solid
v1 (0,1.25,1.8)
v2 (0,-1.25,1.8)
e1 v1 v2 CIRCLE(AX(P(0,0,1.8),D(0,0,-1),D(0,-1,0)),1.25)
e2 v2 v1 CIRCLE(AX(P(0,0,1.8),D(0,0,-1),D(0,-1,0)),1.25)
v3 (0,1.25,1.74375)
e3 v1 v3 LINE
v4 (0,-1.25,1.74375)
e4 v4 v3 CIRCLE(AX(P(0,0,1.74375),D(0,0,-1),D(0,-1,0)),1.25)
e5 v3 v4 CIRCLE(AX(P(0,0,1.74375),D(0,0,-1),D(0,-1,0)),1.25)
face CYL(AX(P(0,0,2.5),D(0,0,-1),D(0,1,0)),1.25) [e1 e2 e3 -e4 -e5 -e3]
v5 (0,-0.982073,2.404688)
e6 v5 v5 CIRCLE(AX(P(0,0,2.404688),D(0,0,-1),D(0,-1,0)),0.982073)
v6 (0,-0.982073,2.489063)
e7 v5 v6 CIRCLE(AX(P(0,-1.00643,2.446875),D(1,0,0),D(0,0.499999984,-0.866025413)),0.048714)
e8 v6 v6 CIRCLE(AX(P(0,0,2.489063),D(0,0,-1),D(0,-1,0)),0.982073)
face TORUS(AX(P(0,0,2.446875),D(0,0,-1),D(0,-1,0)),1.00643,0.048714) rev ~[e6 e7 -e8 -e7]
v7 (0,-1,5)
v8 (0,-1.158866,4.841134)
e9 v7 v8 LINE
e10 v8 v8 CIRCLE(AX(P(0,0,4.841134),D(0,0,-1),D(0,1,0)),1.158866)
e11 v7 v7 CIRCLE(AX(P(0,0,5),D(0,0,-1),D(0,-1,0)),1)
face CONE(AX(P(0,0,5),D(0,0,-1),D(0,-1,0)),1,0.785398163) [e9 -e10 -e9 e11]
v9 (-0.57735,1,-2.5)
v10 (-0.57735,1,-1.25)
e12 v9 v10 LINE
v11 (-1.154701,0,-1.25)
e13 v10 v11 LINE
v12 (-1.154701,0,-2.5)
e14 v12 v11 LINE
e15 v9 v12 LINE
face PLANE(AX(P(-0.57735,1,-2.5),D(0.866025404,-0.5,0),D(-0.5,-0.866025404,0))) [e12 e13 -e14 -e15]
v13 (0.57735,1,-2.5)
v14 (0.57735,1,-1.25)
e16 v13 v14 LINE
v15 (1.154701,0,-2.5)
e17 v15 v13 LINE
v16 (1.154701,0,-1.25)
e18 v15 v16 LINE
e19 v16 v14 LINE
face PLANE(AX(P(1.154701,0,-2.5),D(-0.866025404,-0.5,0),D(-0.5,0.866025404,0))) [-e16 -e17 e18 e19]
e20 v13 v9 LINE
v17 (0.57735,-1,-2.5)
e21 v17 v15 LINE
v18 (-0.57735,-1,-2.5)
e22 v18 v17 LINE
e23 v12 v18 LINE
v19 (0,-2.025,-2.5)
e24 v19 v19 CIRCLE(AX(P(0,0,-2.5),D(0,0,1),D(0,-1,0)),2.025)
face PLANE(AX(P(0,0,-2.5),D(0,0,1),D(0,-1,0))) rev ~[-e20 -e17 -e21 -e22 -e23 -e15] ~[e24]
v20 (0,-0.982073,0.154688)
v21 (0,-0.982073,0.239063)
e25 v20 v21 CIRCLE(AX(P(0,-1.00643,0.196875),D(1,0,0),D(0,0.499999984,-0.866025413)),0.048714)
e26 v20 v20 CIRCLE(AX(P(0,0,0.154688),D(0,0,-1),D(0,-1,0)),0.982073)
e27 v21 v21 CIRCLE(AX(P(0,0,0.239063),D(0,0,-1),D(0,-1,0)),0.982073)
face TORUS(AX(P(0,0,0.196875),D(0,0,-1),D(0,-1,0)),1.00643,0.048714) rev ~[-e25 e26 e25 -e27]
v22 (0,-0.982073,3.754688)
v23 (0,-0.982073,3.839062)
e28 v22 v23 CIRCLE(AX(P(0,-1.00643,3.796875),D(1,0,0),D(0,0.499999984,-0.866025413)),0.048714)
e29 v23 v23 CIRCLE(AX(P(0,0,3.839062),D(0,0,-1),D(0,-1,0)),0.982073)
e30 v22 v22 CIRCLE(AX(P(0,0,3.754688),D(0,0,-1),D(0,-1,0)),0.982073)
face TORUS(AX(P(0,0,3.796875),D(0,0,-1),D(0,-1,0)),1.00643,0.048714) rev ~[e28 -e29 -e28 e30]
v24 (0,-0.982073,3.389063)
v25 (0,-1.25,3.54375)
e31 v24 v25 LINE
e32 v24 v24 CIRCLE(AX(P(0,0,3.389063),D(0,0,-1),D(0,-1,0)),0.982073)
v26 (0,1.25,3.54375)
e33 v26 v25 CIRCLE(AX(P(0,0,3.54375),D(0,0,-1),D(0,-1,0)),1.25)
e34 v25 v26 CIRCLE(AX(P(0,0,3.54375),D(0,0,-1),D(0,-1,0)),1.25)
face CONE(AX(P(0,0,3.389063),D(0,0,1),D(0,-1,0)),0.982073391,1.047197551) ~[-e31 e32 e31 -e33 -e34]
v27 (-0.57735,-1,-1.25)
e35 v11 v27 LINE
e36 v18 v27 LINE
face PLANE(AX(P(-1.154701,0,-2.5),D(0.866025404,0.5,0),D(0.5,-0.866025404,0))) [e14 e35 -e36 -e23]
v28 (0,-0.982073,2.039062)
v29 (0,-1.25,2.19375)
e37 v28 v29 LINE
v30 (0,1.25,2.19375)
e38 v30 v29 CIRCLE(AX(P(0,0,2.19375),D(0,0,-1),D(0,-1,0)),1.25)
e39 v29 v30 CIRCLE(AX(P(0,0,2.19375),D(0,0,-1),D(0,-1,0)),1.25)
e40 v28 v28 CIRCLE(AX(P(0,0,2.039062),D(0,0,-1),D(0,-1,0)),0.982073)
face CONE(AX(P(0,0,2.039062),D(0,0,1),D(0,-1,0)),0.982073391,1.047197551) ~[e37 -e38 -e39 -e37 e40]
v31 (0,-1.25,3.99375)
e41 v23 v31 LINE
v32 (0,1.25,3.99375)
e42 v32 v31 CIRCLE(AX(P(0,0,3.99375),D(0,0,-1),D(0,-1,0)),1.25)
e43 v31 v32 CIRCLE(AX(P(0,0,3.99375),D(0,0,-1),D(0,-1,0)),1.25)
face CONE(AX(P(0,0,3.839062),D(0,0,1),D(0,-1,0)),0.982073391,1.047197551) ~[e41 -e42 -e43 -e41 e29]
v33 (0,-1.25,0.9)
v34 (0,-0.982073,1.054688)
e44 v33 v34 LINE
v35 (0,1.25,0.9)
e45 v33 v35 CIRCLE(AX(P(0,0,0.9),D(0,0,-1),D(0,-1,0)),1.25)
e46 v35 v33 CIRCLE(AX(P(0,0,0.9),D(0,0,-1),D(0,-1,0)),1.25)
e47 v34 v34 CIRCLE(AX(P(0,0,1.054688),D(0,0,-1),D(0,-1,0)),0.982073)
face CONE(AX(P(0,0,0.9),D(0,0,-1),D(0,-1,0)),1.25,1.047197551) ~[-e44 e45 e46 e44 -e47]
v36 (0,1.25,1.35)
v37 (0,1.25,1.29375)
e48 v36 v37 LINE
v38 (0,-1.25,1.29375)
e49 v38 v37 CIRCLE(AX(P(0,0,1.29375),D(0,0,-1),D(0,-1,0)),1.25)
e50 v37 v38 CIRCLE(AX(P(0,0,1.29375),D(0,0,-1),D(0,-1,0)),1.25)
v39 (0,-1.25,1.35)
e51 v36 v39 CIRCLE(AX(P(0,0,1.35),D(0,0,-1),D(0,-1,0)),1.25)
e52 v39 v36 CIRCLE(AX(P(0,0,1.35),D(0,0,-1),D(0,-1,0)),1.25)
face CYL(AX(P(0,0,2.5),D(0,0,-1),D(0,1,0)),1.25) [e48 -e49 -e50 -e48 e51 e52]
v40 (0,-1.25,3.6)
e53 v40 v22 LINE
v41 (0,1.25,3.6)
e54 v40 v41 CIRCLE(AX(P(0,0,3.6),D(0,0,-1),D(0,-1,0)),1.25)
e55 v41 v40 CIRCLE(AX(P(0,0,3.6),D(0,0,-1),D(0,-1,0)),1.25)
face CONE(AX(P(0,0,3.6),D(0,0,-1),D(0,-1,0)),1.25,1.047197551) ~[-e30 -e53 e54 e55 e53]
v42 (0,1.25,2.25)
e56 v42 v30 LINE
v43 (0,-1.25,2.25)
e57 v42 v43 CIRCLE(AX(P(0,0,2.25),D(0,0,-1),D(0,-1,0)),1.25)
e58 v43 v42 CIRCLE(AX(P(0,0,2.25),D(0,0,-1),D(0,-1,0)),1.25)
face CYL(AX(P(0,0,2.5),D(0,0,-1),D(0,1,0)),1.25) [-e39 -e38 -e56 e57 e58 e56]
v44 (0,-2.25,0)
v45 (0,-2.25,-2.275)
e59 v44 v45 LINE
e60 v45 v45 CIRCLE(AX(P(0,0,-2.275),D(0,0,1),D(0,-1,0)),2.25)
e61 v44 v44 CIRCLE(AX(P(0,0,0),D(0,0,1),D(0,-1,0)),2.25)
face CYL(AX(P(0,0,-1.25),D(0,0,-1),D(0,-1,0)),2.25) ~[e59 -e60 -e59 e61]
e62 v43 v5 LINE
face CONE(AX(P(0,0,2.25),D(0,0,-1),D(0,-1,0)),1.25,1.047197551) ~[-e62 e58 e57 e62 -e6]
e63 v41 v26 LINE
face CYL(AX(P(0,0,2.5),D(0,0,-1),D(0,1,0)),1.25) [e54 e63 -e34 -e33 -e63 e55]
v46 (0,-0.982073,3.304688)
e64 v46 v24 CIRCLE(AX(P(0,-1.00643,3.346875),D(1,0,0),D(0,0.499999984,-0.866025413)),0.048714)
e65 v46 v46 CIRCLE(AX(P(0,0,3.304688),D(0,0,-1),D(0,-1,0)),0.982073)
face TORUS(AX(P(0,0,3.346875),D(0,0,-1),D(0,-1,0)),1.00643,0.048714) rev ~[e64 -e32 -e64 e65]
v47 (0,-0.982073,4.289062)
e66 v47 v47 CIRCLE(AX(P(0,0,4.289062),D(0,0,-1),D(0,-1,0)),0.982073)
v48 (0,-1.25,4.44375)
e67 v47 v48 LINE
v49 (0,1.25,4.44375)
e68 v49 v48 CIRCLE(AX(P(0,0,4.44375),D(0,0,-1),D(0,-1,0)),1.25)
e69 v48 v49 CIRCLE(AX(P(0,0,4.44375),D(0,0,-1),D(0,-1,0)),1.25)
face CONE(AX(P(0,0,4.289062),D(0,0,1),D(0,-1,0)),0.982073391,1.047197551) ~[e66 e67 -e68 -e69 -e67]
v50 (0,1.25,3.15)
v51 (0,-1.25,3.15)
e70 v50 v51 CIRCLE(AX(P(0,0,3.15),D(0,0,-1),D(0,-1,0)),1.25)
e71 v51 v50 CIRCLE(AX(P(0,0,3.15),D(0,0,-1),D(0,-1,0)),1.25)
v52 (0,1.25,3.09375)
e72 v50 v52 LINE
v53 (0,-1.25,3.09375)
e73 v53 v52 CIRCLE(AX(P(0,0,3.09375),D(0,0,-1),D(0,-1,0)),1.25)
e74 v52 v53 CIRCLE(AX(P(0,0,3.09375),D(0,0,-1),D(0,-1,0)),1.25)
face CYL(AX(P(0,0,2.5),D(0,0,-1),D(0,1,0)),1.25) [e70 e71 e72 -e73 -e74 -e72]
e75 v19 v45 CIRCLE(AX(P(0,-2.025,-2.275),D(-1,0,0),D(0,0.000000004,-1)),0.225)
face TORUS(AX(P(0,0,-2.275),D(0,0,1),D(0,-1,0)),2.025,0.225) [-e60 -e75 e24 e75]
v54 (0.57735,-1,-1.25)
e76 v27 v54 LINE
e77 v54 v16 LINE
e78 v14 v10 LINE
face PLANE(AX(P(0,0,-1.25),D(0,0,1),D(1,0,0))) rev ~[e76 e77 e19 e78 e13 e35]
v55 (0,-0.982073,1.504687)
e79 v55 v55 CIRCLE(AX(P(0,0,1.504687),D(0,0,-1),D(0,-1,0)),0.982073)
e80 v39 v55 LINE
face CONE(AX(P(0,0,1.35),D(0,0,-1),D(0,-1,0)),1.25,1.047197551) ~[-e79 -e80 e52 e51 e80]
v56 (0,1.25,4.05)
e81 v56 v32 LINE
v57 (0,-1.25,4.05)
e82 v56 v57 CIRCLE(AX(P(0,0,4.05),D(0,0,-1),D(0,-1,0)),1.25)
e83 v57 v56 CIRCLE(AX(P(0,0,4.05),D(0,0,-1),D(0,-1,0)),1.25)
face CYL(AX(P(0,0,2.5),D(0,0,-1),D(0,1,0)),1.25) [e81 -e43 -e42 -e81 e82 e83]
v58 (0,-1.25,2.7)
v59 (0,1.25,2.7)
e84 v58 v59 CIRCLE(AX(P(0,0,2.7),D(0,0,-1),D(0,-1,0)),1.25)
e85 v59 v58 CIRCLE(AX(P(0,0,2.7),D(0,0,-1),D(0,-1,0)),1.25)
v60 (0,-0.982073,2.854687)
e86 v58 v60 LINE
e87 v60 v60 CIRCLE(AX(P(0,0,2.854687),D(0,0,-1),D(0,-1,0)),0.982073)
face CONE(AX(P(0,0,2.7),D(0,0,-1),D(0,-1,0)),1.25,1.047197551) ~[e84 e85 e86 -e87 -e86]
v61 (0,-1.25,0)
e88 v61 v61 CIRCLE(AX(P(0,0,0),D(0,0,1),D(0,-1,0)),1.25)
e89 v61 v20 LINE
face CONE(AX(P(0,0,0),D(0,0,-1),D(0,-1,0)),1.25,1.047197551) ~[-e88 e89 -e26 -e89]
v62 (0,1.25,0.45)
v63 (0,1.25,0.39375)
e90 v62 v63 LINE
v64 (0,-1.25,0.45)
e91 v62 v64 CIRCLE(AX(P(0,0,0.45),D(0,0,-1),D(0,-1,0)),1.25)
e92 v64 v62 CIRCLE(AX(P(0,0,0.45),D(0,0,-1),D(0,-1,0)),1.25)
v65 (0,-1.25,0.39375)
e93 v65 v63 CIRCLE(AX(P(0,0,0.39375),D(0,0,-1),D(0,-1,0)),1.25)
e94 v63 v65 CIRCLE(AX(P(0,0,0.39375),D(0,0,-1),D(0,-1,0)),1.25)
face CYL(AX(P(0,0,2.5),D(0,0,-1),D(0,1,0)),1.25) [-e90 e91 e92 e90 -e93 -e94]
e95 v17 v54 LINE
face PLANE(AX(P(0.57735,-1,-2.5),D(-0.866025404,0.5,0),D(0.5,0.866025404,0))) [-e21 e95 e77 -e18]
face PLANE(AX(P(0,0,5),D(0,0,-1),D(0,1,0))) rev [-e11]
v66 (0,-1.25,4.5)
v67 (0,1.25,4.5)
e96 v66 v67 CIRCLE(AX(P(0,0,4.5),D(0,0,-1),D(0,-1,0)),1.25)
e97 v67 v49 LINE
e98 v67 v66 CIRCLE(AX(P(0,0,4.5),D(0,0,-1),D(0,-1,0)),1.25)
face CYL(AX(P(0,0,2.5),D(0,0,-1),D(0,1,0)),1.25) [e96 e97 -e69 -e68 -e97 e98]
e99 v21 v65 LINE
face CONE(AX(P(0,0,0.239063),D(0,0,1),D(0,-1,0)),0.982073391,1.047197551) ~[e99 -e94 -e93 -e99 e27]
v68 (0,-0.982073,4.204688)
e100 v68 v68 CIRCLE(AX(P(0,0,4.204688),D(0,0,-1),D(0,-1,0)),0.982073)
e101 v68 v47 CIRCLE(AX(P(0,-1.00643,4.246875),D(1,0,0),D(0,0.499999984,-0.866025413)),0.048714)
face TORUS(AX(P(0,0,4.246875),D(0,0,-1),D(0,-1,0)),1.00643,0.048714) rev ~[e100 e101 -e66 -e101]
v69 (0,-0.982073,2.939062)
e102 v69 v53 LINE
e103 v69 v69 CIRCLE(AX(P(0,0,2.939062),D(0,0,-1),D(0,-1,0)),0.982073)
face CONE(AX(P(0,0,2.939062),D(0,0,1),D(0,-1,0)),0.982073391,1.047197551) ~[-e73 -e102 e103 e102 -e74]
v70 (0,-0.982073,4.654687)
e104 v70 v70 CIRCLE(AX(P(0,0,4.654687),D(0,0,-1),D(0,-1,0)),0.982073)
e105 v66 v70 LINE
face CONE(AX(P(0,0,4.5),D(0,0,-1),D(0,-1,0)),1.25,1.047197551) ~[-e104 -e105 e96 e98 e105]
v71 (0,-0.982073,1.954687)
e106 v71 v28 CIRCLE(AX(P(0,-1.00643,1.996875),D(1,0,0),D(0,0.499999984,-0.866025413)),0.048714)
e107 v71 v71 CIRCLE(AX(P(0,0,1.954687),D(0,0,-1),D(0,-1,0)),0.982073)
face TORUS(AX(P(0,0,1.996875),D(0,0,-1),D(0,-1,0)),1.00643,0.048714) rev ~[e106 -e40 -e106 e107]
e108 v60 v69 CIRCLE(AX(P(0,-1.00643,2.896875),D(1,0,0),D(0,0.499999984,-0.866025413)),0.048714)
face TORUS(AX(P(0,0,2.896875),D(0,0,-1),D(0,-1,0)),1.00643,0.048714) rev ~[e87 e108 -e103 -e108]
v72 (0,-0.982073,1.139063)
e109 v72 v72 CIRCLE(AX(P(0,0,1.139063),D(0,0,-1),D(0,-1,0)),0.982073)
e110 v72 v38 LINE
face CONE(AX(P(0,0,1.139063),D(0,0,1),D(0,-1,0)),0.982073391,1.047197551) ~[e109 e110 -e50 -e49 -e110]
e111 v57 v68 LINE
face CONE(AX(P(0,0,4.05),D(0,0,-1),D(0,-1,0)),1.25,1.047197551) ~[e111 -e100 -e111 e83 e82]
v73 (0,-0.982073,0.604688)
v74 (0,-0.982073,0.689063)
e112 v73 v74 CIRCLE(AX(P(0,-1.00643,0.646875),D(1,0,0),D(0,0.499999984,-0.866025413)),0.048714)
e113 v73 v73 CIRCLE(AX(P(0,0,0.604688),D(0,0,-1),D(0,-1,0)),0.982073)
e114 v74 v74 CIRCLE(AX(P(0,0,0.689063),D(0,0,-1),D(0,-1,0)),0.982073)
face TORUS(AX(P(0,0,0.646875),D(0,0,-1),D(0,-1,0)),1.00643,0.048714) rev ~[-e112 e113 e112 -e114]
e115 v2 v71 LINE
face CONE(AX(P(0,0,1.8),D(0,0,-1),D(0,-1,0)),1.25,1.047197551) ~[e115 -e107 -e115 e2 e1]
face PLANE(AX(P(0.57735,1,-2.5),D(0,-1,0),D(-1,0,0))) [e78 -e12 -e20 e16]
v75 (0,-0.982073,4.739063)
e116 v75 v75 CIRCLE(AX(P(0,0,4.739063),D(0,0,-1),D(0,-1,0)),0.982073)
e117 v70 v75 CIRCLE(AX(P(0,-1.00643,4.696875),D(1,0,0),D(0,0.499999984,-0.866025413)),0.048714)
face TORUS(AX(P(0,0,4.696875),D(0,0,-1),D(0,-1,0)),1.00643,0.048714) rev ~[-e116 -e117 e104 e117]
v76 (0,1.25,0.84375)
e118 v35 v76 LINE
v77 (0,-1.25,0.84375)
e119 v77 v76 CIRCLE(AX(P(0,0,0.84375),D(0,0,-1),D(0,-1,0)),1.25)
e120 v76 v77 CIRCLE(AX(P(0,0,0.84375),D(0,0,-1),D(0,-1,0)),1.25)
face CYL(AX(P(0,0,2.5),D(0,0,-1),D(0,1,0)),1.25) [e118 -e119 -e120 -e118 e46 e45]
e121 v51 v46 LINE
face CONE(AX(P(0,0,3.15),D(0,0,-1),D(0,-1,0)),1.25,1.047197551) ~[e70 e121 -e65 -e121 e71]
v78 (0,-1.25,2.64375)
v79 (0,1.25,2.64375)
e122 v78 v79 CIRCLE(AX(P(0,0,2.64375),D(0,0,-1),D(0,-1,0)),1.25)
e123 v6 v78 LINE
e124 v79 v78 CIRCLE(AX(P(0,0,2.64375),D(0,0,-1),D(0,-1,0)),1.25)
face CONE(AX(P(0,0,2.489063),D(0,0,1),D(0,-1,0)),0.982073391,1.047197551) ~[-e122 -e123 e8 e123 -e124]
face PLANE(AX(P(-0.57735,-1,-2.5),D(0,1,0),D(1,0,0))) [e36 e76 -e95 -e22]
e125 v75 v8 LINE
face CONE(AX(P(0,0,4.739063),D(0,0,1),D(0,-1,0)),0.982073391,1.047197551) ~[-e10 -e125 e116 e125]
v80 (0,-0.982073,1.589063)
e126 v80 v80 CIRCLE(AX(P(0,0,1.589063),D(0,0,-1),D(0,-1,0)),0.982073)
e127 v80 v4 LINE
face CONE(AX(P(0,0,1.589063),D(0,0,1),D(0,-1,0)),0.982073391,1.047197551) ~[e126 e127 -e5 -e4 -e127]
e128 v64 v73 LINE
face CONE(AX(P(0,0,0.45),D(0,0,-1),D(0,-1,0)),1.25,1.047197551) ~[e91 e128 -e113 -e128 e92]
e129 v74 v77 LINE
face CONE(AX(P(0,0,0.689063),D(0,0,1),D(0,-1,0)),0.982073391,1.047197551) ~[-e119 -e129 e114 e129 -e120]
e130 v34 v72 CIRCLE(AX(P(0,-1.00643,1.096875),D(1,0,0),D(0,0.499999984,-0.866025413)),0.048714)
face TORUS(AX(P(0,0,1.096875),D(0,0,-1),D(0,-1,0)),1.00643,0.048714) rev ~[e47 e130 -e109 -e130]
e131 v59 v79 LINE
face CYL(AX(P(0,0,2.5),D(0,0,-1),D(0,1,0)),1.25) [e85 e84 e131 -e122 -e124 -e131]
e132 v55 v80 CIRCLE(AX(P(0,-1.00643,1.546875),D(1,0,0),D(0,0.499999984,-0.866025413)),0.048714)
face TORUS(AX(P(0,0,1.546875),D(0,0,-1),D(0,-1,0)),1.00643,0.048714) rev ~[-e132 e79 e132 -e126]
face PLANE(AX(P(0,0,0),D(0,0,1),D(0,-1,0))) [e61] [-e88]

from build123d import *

# Parameters (mm, degrees)
SKETCH5_W           = 5
SKETCH5_H           = 1.25
THREAD_SIMPLE_COUNT = 12
THREAD_SIMPLE_PITCH = 0.45
SKETCH15_W          = 2.5
SKETCH15_H          = 2.25
CUT_HEAD_KEY_DEPTH  = 1.25


with BuildPart() as part:
    # Sketch5 → body (revolve)
    with BuildSketch(Plane(origin=(0, 0, 0), x_dir=(0, 0, -1), z_dir=(1, 0, 0))):
        with Locations((-2.5, 0.625)):
            Rectangle(SKETCH5_W, SKETCH5_H)
    revolve(axis=Axis((0, 0, 5), (0, 0, -1)))

    # Sketch11 → cut-chamfer-start (revolve, cut)
    with BuildSketch(Plane(origin=(0, 0, 0), x_dir=(0, 0, -1), z_dir=(1, 0, 0))):
        Polygon((-5, -1.25), (-5, -1), (-4.75, -1.25), align=None)
    revolve(axis=Axis((0, 0, 5), (0, 0, -1)), mode=Mode.SUBTRACT)

    # Sketch8 → thread-single (revolve, cut)
    with BuildSketch(Plane(origin=(0, 0, 0), x_dir=(0, 0, -1), z_dir=(1, 0, 0))):
        with BuildLine():
            Line((-0.39375, -1.25), (0, -1.25))
            Line((0, -1.25), (-0.1546875, -0.982073391))
            ThreePointArc((-0.1546875, -0.982073391), (-0.196875, -0.957716426), (-0.2390625, -0.982073391))
            Line((-0.2390625, -0.982073391), (-0.39375, -1.25))
        make_face()
    thread_single = revolve(axis=Axis((0, 0, 5), (0, 0, -1)), mode=Mode.SUBTRACT)

    # thread-simple: thread-single ×12
    with Locations(*[(0, 0, i * THREAD_SIMPLE_PITCH) for i in range(1, THREAD_SIMPLE_COUNT)]):
        add(thread_single, mode=Mode.SUBTRACT)

    # Sketch15 → body-head (revolve)
    with BuildSketch(Plane(origin=(0, 0, 0), x_dir=(0, 0, -1), z_dir=(1, 0, 0))):
        with Locations((1.25, -1.125)):
            Rectangle(SKETCH15_W, SKETCH15_H)
    revolve(axis=Axis((0, 0, -2.5), (0, 0, 1)))

    # Sketch19 → cut-head-profile (revolve, cut)
    with BuildSketch(Plane(origin=(0, 0, 0), x_dir=(0, 0, -1), z_dir=(1, 0, 0))):
        with BuildLine():
            Line((2.5, -2.25), (2.5, -2.025))
            ThreePointArc((2.5, -2.025), (2.434099026, -2.184099026), (2.275, -2.25))
            Line((2.275, -2.25), (2.5, -2.25))
        make_face()
    revolve(axis=Axis((0, 0, -2.5), (0, 0, 1)), mode=Mode.SUBTRACT)

    # Sketch25 → cut-head-key (cut)
    with BuildSketch(Plane.XY.offset(-2.5)):
        Polygon((0.577350269, 1), (-0.577350269, 1), (-1.154700538, 0), (-0.577350269, -1), (0.577350269, -1), (1.154700538, 0), align=None)
    extrude(amount=CUT_HEAD_KEY_DEPTH, mode=Mode.SUBTRACT)


solid = part.part
